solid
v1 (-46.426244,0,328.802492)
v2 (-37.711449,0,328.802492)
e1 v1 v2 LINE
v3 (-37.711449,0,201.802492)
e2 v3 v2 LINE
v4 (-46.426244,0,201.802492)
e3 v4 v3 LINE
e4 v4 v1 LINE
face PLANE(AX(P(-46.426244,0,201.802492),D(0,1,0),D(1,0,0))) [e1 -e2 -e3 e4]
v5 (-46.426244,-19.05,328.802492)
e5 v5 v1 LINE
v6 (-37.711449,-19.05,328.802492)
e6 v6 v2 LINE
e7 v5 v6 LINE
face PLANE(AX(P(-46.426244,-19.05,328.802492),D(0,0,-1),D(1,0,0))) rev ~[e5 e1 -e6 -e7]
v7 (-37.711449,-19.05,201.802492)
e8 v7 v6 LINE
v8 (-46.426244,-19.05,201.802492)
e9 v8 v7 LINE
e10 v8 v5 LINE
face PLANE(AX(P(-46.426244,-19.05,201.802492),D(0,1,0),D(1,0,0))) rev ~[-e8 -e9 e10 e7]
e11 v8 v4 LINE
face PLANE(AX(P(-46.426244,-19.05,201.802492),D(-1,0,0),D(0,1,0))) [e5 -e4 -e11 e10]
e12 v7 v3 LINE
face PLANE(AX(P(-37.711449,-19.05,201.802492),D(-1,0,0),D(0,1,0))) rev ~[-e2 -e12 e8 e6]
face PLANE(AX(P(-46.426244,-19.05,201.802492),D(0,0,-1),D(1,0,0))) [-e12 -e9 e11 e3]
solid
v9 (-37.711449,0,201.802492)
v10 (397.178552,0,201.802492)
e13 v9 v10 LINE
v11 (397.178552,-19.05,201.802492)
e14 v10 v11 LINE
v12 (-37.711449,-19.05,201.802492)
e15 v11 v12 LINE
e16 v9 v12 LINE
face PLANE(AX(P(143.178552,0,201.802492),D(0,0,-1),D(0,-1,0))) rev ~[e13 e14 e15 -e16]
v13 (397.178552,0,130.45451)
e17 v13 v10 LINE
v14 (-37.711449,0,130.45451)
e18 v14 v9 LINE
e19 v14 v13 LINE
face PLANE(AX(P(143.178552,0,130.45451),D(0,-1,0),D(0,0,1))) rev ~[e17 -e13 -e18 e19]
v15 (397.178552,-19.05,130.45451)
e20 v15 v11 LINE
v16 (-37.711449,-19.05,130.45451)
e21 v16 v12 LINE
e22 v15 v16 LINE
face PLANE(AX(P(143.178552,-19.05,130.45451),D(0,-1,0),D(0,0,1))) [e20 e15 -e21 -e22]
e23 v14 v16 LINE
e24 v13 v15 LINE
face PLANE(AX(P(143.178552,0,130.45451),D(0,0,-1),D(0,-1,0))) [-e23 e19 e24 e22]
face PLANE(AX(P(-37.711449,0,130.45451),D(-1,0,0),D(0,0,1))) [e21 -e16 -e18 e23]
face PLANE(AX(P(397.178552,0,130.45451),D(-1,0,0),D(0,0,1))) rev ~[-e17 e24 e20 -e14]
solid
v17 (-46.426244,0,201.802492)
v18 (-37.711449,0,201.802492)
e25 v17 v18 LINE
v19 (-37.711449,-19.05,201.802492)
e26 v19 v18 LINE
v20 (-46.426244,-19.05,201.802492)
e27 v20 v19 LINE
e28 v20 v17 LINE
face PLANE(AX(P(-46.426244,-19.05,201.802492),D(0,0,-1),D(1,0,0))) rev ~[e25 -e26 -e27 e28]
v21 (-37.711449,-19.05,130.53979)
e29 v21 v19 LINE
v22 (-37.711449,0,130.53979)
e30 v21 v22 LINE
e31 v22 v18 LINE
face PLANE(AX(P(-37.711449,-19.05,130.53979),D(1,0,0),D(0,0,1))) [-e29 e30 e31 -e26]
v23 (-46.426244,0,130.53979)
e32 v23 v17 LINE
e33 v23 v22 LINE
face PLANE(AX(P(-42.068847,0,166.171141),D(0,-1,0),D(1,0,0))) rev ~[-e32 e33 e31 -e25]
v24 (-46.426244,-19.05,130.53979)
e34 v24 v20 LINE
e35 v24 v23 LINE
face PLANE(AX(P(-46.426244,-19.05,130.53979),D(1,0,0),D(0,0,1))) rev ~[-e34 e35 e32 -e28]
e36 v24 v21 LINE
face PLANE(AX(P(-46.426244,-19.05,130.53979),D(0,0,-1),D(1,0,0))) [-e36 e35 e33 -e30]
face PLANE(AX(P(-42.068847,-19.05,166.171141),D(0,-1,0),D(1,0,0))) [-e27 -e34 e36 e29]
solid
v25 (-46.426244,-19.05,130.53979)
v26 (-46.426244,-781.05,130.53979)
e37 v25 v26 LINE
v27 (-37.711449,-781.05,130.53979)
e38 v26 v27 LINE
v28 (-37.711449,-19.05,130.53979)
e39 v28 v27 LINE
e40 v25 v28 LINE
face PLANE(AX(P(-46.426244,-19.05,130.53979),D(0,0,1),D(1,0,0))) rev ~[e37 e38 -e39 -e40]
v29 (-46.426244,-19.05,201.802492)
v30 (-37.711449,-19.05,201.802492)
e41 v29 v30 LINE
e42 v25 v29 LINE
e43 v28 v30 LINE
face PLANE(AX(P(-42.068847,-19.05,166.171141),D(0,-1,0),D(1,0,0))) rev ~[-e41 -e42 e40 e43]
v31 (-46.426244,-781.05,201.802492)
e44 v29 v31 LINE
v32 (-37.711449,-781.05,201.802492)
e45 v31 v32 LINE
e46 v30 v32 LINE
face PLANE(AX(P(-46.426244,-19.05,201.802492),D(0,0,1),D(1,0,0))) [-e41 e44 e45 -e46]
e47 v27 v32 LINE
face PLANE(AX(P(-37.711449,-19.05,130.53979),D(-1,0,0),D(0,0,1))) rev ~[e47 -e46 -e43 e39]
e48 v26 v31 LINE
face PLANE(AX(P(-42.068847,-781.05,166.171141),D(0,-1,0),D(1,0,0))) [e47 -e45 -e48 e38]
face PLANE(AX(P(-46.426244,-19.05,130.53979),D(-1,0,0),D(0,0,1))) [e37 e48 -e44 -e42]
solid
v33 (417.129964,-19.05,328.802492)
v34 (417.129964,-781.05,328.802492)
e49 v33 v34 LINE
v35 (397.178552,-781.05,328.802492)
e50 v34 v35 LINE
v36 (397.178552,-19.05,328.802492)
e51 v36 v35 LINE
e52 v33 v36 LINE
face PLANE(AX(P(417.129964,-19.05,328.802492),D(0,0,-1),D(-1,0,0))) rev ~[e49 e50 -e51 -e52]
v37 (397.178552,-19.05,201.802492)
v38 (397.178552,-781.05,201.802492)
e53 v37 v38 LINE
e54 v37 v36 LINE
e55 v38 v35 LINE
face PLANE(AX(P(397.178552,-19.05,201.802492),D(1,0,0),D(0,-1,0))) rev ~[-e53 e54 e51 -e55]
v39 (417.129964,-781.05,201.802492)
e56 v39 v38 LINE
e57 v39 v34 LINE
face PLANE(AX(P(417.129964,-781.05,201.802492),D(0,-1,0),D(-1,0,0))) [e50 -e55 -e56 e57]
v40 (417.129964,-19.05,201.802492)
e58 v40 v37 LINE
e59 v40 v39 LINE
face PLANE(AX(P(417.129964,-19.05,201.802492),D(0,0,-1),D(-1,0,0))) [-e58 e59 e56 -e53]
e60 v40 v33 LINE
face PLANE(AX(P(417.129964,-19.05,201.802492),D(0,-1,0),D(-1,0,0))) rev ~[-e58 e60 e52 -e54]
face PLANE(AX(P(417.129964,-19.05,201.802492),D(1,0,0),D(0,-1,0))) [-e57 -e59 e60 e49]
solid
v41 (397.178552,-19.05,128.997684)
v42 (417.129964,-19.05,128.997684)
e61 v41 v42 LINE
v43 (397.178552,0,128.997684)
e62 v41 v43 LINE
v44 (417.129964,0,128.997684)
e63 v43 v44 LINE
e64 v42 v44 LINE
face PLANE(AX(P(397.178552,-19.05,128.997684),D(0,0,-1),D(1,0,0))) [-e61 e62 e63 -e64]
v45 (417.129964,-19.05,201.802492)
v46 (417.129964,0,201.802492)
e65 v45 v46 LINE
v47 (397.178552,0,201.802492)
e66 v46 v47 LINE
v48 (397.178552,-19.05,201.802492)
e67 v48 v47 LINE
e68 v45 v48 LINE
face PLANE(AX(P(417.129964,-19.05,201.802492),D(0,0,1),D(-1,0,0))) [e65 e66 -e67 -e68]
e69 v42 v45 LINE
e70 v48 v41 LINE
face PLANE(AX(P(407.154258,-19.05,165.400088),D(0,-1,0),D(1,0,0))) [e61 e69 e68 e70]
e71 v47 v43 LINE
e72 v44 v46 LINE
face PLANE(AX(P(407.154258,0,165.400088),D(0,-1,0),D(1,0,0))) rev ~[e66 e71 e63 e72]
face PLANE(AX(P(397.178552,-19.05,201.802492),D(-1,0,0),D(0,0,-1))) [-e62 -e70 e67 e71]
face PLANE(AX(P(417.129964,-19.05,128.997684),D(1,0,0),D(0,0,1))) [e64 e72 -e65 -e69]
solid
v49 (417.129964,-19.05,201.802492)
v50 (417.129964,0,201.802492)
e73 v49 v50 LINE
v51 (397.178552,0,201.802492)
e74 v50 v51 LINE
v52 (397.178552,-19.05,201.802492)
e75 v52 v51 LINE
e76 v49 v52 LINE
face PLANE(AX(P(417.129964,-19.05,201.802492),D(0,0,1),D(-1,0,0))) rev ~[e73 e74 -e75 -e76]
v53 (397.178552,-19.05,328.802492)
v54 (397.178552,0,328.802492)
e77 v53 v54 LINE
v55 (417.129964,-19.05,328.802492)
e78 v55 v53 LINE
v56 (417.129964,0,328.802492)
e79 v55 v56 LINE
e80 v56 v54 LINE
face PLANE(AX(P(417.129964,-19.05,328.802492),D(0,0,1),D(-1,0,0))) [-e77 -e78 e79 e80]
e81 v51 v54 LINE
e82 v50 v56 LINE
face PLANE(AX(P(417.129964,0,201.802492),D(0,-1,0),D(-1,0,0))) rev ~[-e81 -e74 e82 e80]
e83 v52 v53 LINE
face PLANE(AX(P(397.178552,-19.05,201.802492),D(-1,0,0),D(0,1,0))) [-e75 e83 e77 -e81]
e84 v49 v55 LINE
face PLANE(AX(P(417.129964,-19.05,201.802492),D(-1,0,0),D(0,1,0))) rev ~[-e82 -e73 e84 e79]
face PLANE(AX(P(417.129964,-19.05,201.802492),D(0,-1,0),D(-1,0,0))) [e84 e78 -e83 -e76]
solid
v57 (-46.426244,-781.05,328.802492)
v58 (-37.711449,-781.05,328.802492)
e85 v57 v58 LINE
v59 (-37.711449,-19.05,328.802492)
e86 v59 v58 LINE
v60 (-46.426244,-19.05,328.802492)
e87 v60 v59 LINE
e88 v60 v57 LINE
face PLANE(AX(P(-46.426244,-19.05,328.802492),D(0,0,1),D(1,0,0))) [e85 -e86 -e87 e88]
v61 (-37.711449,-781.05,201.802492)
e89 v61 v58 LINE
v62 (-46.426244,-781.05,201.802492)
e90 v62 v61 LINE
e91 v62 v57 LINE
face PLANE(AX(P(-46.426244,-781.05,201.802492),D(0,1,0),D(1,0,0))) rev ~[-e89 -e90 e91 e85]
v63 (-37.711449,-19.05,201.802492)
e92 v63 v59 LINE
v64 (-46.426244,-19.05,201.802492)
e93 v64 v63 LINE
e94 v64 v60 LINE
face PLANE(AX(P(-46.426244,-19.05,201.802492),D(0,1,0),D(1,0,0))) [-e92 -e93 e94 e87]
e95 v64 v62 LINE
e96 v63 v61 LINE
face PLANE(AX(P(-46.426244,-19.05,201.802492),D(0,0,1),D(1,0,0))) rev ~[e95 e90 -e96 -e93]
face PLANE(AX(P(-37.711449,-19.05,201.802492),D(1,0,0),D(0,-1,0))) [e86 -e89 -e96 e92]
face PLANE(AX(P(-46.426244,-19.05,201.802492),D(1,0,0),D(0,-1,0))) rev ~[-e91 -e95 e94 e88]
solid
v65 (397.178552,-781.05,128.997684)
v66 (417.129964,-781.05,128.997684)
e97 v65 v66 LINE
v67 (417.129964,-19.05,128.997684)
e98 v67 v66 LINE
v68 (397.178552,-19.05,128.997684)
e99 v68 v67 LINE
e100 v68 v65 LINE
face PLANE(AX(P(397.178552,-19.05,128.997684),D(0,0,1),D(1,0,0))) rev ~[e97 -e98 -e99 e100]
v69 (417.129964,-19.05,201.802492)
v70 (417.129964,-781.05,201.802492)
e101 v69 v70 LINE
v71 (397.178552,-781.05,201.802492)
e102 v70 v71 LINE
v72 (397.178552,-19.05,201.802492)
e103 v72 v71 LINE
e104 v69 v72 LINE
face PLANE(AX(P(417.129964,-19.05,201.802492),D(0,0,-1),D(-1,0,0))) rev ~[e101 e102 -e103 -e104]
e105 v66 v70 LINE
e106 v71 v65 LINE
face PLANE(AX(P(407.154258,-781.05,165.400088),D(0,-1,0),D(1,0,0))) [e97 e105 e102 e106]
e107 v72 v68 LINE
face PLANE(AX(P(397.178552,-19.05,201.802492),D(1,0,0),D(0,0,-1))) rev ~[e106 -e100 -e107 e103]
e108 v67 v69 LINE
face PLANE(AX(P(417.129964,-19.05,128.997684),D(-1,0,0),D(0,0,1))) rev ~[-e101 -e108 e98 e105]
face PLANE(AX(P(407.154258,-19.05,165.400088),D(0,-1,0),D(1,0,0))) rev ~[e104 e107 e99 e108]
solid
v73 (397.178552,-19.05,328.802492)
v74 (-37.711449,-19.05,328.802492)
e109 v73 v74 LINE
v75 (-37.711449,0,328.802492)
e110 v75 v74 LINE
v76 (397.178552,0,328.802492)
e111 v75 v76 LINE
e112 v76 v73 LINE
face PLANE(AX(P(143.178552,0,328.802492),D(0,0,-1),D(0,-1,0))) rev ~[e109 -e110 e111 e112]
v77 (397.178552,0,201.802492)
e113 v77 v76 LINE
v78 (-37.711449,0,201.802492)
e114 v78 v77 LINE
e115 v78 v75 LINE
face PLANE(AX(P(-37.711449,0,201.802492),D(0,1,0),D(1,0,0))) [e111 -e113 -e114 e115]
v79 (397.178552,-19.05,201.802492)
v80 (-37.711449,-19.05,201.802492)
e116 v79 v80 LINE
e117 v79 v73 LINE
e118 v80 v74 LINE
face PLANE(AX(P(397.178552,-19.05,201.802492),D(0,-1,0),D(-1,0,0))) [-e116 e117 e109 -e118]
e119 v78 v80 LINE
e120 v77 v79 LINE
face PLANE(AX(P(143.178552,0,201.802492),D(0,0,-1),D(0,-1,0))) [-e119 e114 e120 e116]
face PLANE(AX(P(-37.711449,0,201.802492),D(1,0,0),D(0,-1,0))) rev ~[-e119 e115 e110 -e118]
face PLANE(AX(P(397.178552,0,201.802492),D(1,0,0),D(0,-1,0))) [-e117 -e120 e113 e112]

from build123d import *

# Parameters (mm, degrees)
F0_W     = 180.8900013566
F0_H     = 71.3479816914
F1_DEPTH = 19.05
F2_W     = 8.7147951126
F2_H     = 71.2627023458
F3_DEPTH = 762
F4_DEPTH = 19.05
F5_DEPTH = 254
F7_DEPTH = 762
F8_DEPTH = 19.05
F9_DEPTH = 127


with BuildPart() as f1:
    # F0 (on Front) → F1 (new body)
    with BuildSketch(Plane.XZ):
        with Locations((52.7335517108, 166.128501296)):
            Rectangle(F0_W, F0_H)
    extrude(amount=F1_DEPTH)

    # F5 (add): a face of the model
    f5_faces = [f1.faces().sort_by_distance(p)[0] for p in [
        (143.1785523891, -9.525, 166.128501296),
    ]]
    extrude(f5_faces, amount=F5_DEPTH)


with BuildPart() as f3:
    # F2 (on face) → F3 (new body)
    with BuildSketch(Plane.XZ.offset(19.05)):
        with Locations((-42.0688465238, 166.1711409688)):
            Rectangle(F2_W, F2_H)
    extrude(amount=F3_DEPTH)


with BuildPart() as f4:
    # F4 (new): a face of the model
    f4_faces = [f3.part.faces().sort_by_distance(p)[0] for p in [
        (-42.0688465238, -19.05, 166.1711409688),
    ]]
    extrude(f4_faces, amount=F4_DEPTH)


with BuildPart() as f7:
    # F6 (on face) → F7 (new body)
    with BuildSketch(Plane.XZ.offset(19.05)):
        Polygon((417.1299636364, 201.8024921417), (397.1785523891, 201.8024921417), (397.1785523891, 130.4545104504), (397.1785523891, 128.9976835251), (417.1299636364, 128.9976835251), align=None)
    extrude(amount=F7_DEPTH)


with BuildPart() as f8:
    # F8 (new): a face of the model
    f8_faces = [f7.part.faces().sort_by_distance(p)[0] for p in [
        (407.1542580128, -19.05, 165.4000878334),
    ]]
    extrude(f8_faces, amount=F8_DEPTH)


with BuildPart() as f9:
    # F9 (new): a face of the model
    f9_faces = [f7.part.faces().sort_by_distance(p)[0] for p in [
        (407.1542580128, -400.05, 201.8024921417),
    ]]
    extrude(f9_faces, amount=F9_DEPTH)


with BuildPart() as f9b:
    # F9#2 (new): a face of the model
    f9_2_faces = [f1.part.faces().sort_by_distance(p)[0] for p in [
        (179.7335517108, -9.525, 201.8024921417),
    ]]
    extrude(f9_2_faces, amount=F9_DEPTH)


with BuildPart() as f9c:
    # F9#3 (new): a face of the model
    f9_3_faces = [f3.part.faces().sort_by_distance(p)[0] for p in [
        (-42.0688465238, -400.05, 201.8024921417),
    ]]
    extrude(f9_3_faces, amount=F9_DEPTH)


with BuildPart() as f9d:
    # F9#4 (new): a face of the model
    f9_4_faces = [f8.part.faces().sort_by_distance(p)[0] for p in [
        (407.1542580128, -9.525, 201.8024921417),
    ]]
    extrude(f9_4_faces, amount=F9_DEPTH)


with BuildPart() as f9e:
    # F9#5 (new): a face of the model
    f9_5_faces = [f4.part.faces().sort_by_distance(p)[0] for p in [
        (-42.0688465238, -9.525, 201.8024921417),
    ]]
    extrude(f9_5_faces, amount=F9_DEPTH)


solid = Compound([f1.part, f3.part, f4.part, f7.part, f8.part, f9.part, f9b.part, f9c.part, f9d.part, f9e.part])
